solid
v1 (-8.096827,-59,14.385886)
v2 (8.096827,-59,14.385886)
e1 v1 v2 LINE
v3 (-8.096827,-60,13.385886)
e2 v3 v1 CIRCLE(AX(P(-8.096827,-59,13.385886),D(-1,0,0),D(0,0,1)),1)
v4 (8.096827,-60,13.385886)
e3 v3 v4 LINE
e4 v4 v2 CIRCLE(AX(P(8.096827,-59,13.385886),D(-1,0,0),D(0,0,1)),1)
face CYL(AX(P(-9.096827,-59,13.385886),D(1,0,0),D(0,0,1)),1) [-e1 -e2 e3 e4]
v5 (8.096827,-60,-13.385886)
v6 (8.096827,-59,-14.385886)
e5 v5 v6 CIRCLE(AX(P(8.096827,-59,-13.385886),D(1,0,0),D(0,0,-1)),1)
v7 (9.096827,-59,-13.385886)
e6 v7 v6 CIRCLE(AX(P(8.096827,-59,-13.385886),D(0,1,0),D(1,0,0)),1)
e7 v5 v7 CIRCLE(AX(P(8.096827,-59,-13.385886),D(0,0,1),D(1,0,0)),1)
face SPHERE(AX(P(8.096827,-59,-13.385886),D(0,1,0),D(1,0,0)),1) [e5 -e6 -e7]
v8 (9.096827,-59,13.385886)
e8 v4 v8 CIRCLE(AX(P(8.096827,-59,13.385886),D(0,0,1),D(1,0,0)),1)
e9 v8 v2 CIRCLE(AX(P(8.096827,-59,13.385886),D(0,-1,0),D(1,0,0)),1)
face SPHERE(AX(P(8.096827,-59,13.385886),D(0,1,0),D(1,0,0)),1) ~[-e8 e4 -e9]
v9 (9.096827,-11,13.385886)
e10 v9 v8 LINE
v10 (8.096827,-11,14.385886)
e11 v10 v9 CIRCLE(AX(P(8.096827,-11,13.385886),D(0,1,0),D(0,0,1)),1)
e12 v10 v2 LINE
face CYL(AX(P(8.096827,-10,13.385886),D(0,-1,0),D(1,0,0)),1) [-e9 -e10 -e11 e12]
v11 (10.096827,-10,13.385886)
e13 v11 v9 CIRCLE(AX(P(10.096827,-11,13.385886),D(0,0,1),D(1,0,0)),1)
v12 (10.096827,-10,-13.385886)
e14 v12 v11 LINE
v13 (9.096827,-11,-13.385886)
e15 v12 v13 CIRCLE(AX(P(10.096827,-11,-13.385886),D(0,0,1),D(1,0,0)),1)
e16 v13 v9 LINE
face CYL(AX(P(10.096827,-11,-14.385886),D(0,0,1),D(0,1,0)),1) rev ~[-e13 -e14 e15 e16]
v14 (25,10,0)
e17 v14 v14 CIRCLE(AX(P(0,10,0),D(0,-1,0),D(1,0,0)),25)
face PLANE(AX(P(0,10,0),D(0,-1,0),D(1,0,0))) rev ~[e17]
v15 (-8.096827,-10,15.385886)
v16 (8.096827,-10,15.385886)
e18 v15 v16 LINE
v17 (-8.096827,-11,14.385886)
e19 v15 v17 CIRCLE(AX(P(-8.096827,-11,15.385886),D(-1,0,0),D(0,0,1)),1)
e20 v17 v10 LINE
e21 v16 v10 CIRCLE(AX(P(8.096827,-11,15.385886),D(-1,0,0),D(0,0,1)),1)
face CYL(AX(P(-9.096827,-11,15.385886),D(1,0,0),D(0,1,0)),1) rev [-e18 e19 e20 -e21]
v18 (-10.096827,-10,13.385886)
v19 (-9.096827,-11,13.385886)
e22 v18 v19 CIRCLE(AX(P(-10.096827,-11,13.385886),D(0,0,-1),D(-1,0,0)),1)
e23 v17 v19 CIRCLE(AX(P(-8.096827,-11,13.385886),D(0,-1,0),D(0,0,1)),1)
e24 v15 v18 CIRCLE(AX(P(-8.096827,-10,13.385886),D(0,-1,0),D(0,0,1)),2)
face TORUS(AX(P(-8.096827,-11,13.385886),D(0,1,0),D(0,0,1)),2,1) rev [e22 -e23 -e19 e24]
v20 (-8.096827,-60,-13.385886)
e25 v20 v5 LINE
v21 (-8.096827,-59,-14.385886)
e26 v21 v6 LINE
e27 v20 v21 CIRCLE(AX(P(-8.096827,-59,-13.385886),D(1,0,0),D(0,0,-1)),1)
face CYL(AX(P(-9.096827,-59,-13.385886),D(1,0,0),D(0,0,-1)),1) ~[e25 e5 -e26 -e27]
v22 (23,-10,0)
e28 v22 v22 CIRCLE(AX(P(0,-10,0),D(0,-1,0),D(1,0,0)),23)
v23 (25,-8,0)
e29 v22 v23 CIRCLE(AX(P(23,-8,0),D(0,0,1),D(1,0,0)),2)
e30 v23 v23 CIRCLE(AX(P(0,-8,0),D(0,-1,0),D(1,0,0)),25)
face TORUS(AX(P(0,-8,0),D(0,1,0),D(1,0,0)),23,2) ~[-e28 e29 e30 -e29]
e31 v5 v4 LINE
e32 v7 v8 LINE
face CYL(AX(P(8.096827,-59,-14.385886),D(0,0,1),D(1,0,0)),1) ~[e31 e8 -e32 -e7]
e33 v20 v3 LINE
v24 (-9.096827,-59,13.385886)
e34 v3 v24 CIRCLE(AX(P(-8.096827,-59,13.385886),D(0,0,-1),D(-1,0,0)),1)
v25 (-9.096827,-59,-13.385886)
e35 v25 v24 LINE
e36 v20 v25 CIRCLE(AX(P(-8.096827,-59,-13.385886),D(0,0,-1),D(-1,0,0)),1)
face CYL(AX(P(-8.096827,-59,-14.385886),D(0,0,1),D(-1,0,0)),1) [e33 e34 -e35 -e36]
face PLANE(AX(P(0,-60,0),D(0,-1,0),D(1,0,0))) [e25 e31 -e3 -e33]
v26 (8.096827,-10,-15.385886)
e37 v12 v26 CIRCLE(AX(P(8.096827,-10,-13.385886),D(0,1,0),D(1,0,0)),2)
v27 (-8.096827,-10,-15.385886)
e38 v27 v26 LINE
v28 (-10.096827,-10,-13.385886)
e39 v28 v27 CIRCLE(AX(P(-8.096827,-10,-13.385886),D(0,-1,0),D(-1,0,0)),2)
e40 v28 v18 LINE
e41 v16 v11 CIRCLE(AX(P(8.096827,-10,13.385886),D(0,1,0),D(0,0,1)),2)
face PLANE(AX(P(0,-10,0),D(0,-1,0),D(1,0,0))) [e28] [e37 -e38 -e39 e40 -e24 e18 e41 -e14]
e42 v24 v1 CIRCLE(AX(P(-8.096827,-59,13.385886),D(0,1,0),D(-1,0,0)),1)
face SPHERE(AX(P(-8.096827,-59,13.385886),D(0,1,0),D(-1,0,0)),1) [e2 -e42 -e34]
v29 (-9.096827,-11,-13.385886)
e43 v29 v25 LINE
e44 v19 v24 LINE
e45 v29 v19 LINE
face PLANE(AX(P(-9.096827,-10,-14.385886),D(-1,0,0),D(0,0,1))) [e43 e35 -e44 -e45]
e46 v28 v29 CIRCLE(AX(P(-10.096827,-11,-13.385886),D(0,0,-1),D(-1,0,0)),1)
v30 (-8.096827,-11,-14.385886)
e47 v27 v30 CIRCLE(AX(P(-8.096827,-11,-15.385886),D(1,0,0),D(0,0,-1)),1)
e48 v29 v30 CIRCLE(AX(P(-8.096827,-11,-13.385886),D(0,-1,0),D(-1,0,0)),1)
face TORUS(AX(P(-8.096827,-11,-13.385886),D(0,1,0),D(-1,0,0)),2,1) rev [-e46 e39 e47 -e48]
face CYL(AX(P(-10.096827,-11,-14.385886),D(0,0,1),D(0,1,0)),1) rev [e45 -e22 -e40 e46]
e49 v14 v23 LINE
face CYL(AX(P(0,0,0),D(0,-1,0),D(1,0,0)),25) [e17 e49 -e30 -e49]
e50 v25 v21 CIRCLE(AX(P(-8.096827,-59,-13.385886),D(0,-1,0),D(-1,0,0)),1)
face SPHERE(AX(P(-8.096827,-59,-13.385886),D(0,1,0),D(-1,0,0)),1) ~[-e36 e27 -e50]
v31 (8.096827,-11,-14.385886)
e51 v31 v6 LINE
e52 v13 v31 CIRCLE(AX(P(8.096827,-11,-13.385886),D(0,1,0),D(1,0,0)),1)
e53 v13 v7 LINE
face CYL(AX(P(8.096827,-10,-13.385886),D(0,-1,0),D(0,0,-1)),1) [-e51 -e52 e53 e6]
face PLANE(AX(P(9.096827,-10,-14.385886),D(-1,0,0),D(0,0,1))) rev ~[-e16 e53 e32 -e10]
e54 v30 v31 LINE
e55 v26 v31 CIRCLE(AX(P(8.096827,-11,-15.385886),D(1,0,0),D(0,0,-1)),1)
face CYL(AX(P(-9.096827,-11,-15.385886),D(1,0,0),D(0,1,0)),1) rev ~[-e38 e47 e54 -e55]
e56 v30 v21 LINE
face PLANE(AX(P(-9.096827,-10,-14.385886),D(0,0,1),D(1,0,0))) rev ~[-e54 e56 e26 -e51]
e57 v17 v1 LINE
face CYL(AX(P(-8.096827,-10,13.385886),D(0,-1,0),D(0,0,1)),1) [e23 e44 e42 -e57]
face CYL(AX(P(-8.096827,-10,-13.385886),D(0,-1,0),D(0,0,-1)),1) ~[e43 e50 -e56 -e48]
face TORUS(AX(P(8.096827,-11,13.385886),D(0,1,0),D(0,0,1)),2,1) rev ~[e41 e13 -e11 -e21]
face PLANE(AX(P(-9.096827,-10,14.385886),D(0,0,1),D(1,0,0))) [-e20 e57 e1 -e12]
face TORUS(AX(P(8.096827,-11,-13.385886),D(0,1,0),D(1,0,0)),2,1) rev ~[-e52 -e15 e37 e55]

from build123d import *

# Parameters (mm, degrees)
F0_R     = 25
F1_DEPTH = 10
F2_W     = 18.193654716
F2_H     = 28.7717729807
F3_DEPTH = 50
F4_R     = 1
F5_R     = 2


with BuildPart() as f1:
    # F0 (on Front) → F1 (new body, symmetric)
    with BuildSketch(Plane.XZ):
        Circle(F0_R)
    extrude(amount=F1_DEPTH, both=True)

    # F2 (on face) → F3 (join)
    with BuildSketch(Plane.XZ.offset(10)):
        Rectangle(F2_W, F2_H)
    extrude(amount=F3_DEPTH)

    # F4
    f4_edges = [f1.edges().sort_by_distance(p)[0] for p in [
        (0, -10, 14.385886),
        (9.096827, -10, 0),
        (-9.096827, -10, 0),
        (0, -10, -14.385886),
        (-9.096827, -35, -14.385886),
        (-9.096827, -35, 14.385886),
        (9.096827, -35, 14.385886),
        (9.096827, -35, -14.385886),
        (9.096827, -60, 0),
        (-9.096827, -60, 0),
        (0, -60, 14.385886),
        (0, -60, -14.385886),
    ]]
    fillet(f4_edges, radius=F4_R)

    # F5
    f5_edges = [f1.edges().sort_by_distance(p)[0] for p in [
        (0, -10, 15.385886),
        (9.511041, -10, 14.8001),
        (-9.511041, -10, 14.8001),
        (10.096827, -10, 0),
        (-10.096827, -10, 0),
        (9.511041, -10, -14.8001),
        (-9.511041, -10, -14.8001),
        (0, -10, -15.385886),
        (-25, -10, 0),
    ]]
    fillet(f5_edges, radius=F5_R)


solid = f1.part
